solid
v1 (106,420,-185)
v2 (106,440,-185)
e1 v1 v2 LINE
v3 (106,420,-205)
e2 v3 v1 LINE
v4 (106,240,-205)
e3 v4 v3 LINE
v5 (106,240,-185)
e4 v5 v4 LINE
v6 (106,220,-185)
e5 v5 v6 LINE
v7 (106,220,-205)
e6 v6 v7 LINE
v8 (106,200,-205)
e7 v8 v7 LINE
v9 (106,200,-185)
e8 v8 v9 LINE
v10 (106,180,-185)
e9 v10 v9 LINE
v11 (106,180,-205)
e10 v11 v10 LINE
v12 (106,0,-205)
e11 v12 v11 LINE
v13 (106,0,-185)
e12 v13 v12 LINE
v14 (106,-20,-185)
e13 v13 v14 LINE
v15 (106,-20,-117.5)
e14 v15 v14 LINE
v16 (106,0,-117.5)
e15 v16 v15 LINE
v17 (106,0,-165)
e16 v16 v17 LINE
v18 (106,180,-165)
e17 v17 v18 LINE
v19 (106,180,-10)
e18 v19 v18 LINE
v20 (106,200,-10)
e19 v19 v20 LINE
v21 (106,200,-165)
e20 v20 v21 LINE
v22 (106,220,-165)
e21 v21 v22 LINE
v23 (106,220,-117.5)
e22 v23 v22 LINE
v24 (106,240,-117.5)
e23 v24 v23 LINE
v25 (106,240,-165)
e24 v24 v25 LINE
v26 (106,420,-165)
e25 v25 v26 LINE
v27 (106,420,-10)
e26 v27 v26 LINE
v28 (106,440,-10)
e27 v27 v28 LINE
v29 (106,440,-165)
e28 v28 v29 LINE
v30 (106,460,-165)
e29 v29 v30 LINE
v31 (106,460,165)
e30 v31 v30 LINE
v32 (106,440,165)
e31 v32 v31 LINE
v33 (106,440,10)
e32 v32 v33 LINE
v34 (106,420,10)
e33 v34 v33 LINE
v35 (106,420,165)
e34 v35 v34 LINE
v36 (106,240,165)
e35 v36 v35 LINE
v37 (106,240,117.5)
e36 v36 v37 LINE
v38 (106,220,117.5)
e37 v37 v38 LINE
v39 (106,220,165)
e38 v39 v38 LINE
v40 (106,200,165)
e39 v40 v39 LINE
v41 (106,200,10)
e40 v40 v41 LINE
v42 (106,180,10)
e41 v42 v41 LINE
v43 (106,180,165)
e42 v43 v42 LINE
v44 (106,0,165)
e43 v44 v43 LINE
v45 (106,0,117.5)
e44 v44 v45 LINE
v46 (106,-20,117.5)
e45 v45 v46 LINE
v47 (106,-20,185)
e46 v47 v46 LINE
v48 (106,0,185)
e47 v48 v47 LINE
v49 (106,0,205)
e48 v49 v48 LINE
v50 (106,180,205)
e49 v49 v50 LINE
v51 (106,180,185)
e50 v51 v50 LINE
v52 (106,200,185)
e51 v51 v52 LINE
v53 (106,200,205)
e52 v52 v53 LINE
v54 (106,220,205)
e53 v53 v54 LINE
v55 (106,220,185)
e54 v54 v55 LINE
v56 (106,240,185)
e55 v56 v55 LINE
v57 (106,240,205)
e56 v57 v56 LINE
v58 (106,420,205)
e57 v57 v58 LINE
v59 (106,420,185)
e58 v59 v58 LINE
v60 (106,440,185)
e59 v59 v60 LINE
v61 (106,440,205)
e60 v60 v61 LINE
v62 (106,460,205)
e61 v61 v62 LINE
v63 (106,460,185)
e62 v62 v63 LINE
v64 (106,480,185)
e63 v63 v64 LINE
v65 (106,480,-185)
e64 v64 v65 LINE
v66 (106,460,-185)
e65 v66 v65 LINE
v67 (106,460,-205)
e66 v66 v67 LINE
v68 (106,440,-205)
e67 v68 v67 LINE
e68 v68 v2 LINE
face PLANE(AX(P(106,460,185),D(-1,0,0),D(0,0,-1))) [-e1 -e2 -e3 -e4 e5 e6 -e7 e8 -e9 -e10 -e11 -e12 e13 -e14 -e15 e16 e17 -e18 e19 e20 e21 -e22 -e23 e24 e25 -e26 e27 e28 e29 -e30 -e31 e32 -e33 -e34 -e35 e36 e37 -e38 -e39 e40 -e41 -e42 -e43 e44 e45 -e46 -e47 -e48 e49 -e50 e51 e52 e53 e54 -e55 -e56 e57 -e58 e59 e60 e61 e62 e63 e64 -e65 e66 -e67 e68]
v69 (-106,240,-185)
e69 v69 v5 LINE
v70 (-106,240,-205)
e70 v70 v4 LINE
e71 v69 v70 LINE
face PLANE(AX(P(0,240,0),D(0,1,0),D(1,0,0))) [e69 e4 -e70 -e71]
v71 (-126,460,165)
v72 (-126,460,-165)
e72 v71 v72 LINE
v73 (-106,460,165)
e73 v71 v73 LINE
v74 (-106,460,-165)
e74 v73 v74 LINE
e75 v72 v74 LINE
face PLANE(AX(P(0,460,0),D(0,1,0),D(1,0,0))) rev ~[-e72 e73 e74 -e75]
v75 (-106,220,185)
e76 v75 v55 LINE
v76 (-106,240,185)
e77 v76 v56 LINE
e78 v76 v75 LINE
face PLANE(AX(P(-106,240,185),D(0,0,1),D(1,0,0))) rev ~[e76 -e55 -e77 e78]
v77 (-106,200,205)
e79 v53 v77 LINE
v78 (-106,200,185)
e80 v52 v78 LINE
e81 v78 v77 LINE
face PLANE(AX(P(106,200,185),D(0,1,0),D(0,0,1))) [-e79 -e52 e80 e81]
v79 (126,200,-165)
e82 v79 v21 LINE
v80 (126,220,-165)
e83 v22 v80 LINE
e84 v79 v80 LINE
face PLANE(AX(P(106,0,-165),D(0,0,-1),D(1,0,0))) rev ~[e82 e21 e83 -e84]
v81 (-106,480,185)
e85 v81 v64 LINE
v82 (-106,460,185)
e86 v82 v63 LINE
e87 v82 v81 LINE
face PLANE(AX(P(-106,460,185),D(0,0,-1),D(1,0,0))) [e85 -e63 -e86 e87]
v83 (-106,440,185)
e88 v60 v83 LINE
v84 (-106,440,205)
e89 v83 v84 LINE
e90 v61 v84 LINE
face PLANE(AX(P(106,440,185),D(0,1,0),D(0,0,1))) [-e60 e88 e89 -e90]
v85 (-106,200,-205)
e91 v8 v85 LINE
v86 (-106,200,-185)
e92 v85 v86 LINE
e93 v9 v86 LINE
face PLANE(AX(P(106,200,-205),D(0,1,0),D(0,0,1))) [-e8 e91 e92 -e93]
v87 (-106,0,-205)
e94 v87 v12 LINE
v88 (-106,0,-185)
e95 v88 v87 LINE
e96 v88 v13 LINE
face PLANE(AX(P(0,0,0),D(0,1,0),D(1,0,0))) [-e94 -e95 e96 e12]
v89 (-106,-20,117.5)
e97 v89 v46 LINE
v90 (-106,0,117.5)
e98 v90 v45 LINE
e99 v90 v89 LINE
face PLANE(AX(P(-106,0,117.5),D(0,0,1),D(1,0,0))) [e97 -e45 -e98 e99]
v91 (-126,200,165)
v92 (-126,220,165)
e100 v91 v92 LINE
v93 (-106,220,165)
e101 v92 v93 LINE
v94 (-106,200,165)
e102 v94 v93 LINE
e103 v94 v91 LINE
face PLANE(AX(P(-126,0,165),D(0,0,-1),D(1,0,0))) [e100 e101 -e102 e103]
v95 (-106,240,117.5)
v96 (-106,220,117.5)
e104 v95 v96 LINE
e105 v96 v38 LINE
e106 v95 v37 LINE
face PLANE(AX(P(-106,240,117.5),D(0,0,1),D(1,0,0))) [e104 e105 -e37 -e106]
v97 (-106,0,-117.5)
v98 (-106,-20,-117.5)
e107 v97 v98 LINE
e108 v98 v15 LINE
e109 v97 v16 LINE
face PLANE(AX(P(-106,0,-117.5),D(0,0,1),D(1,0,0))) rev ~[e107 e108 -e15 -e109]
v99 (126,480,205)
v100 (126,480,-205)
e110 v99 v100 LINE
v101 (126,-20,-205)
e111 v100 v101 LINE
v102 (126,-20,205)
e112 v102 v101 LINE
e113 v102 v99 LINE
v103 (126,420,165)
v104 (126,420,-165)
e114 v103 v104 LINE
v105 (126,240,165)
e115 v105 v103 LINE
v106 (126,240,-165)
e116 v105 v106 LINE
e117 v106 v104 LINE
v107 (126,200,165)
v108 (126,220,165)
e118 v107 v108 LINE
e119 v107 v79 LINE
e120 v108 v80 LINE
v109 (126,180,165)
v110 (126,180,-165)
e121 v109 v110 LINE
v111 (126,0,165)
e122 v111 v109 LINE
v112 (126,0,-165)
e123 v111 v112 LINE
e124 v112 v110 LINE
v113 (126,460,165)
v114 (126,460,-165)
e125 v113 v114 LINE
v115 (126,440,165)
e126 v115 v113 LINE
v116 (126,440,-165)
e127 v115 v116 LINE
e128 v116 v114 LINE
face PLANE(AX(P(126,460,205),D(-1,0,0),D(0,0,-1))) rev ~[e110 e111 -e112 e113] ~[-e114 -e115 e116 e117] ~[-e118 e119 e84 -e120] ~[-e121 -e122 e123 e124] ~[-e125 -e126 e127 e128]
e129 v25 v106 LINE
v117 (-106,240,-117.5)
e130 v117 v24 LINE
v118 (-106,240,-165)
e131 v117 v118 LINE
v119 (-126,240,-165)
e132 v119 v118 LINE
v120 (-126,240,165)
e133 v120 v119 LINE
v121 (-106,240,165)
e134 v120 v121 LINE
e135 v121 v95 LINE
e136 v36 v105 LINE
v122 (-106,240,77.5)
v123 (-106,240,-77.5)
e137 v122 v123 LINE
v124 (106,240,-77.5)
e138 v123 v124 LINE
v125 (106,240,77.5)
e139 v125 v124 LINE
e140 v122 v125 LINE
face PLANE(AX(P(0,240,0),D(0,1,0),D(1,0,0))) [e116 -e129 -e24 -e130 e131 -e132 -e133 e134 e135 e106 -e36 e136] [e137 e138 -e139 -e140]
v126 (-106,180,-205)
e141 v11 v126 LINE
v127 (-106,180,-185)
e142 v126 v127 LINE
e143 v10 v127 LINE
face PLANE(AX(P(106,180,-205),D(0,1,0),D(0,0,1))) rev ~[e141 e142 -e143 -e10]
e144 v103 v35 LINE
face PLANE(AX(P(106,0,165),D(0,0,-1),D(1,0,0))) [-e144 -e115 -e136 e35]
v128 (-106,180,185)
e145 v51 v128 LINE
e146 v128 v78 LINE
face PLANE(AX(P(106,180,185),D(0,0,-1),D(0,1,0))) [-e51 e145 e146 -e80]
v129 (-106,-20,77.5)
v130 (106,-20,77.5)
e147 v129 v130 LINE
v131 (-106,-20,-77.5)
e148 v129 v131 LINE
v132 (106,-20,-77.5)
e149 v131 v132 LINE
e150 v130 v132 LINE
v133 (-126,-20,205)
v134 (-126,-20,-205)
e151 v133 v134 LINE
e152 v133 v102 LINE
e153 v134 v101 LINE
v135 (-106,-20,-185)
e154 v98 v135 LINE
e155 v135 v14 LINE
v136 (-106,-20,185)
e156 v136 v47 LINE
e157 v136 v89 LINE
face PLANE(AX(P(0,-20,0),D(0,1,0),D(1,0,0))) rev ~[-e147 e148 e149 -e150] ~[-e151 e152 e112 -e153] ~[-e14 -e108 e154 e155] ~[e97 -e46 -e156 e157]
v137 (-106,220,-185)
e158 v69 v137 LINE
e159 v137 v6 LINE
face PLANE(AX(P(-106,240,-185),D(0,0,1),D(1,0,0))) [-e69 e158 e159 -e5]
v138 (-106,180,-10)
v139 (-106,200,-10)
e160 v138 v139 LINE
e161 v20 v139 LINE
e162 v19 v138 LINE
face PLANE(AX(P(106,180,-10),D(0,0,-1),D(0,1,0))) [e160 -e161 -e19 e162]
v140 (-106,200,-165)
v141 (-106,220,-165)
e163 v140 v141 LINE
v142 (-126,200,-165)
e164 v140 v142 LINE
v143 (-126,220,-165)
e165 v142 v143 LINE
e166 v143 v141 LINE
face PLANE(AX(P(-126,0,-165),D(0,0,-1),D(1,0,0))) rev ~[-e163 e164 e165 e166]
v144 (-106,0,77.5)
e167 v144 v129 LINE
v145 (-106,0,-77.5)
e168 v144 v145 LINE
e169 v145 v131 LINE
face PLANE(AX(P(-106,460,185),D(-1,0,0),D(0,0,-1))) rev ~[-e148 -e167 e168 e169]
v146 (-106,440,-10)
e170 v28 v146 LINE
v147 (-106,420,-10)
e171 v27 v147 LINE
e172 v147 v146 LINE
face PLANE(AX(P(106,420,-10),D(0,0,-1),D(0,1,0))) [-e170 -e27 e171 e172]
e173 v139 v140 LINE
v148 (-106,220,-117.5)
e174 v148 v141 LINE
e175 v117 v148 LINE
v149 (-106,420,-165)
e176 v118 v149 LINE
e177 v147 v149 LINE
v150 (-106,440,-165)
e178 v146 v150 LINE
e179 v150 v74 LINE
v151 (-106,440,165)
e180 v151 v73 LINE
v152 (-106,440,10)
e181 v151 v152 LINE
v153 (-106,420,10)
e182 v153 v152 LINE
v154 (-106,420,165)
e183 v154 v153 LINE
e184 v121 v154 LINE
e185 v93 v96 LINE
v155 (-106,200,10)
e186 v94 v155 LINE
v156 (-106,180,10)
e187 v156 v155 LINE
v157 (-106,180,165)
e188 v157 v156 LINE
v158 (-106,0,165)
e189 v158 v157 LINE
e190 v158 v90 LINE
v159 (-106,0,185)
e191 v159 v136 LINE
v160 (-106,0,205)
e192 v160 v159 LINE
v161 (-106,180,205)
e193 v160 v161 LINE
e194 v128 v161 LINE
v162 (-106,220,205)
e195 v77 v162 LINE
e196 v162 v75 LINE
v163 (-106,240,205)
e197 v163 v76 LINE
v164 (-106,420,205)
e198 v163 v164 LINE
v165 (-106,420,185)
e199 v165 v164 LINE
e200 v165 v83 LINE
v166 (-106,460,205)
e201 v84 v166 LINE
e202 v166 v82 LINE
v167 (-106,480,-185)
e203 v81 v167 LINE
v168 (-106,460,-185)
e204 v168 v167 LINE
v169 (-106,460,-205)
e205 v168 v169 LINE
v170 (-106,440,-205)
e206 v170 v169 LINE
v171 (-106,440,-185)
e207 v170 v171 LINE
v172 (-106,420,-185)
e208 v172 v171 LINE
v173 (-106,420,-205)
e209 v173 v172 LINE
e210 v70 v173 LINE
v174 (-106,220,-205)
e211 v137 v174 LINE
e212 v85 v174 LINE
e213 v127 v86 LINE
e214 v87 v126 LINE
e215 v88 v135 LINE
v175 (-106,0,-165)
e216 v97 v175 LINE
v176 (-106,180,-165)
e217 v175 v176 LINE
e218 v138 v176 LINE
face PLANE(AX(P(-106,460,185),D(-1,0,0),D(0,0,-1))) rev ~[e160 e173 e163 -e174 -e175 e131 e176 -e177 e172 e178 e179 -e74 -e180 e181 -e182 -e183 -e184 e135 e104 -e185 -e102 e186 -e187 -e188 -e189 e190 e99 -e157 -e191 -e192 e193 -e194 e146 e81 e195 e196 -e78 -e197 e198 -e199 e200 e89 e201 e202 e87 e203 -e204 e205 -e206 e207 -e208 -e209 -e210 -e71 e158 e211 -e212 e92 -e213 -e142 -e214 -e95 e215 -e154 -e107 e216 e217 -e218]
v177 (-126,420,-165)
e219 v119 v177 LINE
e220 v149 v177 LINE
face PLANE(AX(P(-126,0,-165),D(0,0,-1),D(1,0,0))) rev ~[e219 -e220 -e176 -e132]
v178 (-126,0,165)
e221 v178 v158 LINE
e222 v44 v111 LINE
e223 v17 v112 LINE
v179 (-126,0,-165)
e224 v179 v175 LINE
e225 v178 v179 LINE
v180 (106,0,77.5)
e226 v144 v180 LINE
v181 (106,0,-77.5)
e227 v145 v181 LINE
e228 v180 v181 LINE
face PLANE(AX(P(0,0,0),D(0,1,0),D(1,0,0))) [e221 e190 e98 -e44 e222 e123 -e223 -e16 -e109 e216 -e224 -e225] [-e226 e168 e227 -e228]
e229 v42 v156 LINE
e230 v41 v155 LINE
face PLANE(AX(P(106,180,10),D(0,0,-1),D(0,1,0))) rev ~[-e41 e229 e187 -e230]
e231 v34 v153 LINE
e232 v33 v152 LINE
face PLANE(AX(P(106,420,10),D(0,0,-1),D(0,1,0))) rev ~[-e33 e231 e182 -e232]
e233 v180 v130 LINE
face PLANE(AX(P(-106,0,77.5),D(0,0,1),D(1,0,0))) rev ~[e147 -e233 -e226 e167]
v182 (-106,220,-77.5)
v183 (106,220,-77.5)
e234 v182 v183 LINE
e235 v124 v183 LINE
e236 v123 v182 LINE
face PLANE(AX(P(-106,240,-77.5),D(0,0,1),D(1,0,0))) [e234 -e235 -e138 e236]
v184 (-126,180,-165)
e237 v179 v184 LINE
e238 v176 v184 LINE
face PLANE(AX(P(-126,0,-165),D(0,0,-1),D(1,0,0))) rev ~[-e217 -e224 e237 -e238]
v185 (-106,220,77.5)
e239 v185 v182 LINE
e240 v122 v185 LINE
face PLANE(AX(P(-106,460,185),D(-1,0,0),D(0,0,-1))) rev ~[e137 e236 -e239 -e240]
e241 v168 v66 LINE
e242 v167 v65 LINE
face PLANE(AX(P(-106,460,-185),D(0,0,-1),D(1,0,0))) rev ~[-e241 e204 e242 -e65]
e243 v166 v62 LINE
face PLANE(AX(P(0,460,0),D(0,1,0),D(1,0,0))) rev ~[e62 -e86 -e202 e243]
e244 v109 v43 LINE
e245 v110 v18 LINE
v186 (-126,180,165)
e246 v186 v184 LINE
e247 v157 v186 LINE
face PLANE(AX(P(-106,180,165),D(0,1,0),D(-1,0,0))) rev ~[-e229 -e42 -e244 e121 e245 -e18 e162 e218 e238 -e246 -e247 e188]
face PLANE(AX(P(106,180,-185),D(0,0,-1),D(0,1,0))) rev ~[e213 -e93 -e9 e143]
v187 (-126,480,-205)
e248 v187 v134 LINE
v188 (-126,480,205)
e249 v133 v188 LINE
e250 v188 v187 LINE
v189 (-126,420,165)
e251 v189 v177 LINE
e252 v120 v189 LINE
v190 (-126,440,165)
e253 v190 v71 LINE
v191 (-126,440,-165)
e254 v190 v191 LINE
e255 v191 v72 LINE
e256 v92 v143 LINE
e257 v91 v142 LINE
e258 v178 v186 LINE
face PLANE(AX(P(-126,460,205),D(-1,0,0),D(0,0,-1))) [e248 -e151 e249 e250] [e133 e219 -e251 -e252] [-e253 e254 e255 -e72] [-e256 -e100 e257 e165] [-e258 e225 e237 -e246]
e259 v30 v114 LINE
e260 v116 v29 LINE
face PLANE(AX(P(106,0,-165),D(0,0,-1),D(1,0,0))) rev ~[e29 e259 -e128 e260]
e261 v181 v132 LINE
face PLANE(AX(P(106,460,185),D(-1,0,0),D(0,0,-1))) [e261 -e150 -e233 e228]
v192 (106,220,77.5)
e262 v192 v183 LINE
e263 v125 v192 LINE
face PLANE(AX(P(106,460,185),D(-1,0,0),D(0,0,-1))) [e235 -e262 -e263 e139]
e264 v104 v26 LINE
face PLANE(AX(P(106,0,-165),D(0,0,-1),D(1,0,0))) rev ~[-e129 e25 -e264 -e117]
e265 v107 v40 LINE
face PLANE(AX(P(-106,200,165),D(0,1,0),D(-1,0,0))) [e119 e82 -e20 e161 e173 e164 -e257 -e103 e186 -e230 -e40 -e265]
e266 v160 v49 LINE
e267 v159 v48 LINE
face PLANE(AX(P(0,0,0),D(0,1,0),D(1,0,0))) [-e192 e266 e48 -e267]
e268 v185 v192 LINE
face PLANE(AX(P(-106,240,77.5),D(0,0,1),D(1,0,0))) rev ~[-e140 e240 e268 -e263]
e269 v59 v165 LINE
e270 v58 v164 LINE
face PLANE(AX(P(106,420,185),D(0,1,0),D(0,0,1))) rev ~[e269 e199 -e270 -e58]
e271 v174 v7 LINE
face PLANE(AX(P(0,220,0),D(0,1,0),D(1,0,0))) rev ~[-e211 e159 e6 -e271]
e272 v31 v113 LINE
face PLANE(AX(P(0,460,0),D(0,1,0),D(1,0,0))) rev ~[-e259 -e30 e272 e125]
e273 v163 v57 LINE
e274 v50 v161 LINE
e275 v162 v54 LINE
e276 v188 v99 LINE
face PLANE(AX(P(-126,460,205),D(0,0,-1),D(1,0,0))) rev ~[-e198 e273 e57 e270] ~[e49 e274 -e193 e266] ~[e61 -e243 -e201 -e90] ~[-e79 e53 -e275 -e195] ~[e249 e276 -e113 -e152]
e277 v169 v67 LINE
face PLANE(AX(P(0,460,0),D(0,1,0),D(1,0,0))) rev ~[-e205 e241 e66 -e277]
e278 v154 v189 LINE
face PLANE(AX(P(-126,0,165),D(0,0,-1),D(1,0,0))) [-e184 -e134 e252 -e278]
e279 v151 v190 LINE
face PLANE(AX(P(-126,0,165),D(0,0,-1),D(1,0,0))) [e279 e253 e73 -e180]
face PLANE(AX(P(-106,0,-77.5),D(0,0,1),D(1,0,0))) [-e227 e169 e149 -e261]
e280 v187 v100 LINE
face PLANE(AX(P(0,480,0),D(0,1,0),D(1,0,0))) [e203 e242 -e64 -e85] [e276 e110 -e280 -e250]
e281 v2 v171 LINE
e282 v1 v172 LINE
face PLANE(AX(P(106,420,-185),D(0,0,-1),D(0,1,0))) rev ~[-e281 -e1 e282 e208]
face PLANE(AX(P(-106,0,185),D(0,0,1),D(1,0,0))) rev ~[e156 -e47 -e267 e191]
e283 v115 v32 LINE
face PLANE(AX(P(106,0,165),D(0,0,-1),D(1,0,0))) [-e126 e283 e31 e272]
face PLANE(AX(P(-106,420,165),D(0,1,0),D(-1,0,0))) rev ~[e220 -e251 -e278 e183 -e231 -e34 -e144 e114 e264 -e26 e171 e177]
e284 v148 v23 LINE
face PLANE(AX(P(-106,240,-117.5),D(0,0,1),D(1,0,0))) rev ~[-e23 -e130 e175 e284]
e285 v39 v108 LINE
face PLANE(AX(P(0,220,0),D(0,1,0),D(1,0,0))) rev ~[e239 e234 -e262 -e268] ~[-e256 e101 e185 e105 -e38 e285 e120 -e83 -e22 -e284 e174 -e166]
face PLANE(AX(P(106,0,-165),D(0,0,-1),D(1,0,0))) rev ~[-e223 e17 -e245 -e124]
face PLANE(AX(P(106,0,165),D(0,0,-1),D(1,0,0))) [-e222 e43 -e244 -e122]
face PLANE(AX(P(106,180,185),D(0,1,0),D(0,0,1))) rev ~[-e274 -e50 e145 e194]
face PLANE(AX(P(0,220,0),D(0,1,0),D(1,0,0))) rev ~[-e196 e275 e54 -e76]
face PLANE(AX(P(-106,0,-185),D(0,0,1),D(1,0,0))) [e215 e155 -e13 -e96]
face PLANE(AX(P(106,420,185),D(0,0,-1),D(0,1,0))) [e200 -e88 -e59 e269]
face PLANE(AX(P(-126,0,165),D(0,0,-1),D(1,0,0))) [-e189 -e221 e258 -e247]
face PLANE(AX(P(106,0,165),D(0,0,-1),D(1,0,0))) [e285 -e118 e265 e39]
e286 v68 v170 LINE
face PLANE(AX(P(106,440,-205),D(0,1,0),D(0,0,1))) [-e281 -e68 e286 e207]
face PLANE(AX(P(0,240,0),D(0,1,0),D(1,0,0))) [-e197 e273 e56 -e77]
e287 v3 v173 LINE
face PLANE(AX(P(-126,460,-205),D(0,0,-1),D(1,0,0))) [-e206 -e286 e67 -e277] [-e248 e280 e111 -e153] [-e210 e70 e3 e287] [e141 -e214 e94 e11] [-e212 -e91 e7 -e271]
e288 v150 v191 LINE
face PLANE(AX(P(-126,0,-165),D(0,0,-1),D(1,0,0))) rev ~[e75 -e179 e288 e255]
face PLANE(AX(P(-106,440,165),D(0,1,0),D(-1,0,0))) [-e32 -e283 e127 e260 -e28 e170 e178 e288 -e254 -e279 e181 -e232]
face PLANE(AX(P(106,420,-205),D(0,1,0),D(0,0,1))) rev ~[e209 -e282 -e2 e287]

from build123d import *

# Parameters (mm, degrees)
SKETCH1_W           = 252
SKETCH1_H           = 410
SKETCH1_W_2         = 212
SKETCH1_H_2         = 370
BOSS_EXTRUDE1_DEPTH = 20
SKETCH2_W           = 20
SKETCH2_H           = 40
BOSS_EXTRUDE2_DEPTH = 460
BOSS_EXTRUDE3_START = 460
SKETCH1_3_W         = 252
SKETCH1_3_H         = 410
SKETCH1_3_W_2       = 212
SKETCH1_3_H_2       = 370
BOSS_EXTRUDE3_DEPTH = 20
SKETCH3_W           = 212
SKETCH3_H           = 40
BOSS_EXTRUDE4_DEPTH = 20
SKETCH4_W           = 20
SKETCH4_H           = 20
BOSS_EXTRUDE5_DEPTH = 330
SKETCH6_W           = 20
SKETCH6_H           = 20
BOSS_EXTRUDE6_DEPTH = 212
LPATTERN2_COUNT     = 2
LPATTERN2_PITCH     = 240
LPATTERN1_COUNT     = 2
LPATTERN1_PITCH     = 240
LPATTERN3_COUNT     = 2
LPATTERN3_PITCH     = 240


with BuildPart() as part:
    # Sketch1 → Boss-Extrude1 (new body)
    with BuildSketch(Plane(origin=(0, 0, 0), x_dir=(1, 0, 0), z_dir=(0, 1, 0))):
        Rectangle(SKETCH1_W, SKETCH1_H)
        Rectangle(SKETCH1_W_2, SKETCH1_H_2, mode=Mode.SUBTRACT)
    boss_extrude1 = extrude(amount=-BOSS_EXTRUDE1_DEPTH)

    # Sketch2 → Boss-Extrude2 (add)
    with BuildSketch(Plane(origin=(0, 0, 0), x_dir=(1, 0, 0), z_dir=(0, 1, 0))):
        with Locations((-116, 185)):
            Rectangle(SKETCH2_W, SKETCH2_H)
        with Locations((-116, -185)):
            Rectangle(SKETCH2_W, SKETCH2_H)
        with Locations((116, -185)):
            Rectangle(SKETCH2_W, SKETCH2_H)
        with Locations((116, 185)):
            Rectangle(SKETCH2_W, SKETCH2_H)
    extrude(amount=BOSS_EXTRUDE2_DEPTH)

    # Sketch1<3> → Boss-Extrude3 (add)
    with BuildSketch(Plane(origin=(0, 0, 0), x_dir=(1, 0, 0), z_dir=(0, 1, 0)).offset(BOSS_EXTRUDE3_START)):
        Rectangle(SKETCH1_3_W, SKETCH1_3_H)
        Rectangle(SKETCH1_3_W_2, SKETCH1_3_H_2, mode=Mode.SUBTRACT)
    extrude(amount=BOSS_EXTRUDE3_DEPTH)

    # Sketch3 → Boss-Extrude4 (add)
    with BuildSketch(Plane(origin=(0, 0, 0), x_dir=(1, 0, 0), z_dir=(0, 1, 0))):
        with Locations((0, -97.5)):
            Rectangle(SKETCH3_W, SKETCH3_H)
        with Locations((0, 97.5)):
            Rectangle(SKETCH3_W, SKETCH3_H)
    boss_extrude4 = extrude(amount=-BOSS_EXTRUDE4_DEPTH)

    # Sketch4 → Boss-Extrude5 (add)
    with BuildSketch(Plane(origin=(0, 0, 165), x_dir=(-1, 0, 0), z_dir=(0, 0, -1))):
        with Locations((-116, 190)):
            Rectangle(SKETCH4_W, SKETCH4_H)
        with Locations((116, 190)):
            Rectangle(SKETCH4_W, SKETCH4_H)
    boss_extrude5 = extrude(amount=BOSS_EXTRUDE5_DEPTH)

    # Sketch6 → Boss-Extrude6 (add)
    with BuildSketch(Plane.ZY.offset(-106)):
        with Locations((-195, 190)):
            Rectangle(SKETCH6_W, SKETCH6_H)
        with Locations((0, 190)):
            Rectangle(SKETCH6_W, SKETCH6_H)
        with Locations((195, 190)):
            Rectangle(SKETCH6_W, SKETCH6_H)
    boss_extrude6 = extrude(amount=BOSS_EXTRUDE6_DEPTH)

    # LPattern2: Boss-Extrude5 ×2
    with Locations(*[(0, i * LPATTERN2_PITCH, 0) for i in range(1, LPATTERN2_COUNT)]):
        add(boss_extrude5)

    # LPattern1: Boss-Extrude6 ×2
    with Locations(*[(0, i * LPATTERN1_PITCH, 0) for i in range(1, LPATTERN1_COUNT)]):
        add(boss_extrude6)

    # LPattern3: Boss-Extrude1, Boss-Extrude4 ×2
    with Locations(*[(0, i * LPATTERN3_PITCH, 0) for i in range(1, LPATTERN3_COUNT)]):
        add(boss_extrude1)
        add(boss_extrude4)


solid = part.part
